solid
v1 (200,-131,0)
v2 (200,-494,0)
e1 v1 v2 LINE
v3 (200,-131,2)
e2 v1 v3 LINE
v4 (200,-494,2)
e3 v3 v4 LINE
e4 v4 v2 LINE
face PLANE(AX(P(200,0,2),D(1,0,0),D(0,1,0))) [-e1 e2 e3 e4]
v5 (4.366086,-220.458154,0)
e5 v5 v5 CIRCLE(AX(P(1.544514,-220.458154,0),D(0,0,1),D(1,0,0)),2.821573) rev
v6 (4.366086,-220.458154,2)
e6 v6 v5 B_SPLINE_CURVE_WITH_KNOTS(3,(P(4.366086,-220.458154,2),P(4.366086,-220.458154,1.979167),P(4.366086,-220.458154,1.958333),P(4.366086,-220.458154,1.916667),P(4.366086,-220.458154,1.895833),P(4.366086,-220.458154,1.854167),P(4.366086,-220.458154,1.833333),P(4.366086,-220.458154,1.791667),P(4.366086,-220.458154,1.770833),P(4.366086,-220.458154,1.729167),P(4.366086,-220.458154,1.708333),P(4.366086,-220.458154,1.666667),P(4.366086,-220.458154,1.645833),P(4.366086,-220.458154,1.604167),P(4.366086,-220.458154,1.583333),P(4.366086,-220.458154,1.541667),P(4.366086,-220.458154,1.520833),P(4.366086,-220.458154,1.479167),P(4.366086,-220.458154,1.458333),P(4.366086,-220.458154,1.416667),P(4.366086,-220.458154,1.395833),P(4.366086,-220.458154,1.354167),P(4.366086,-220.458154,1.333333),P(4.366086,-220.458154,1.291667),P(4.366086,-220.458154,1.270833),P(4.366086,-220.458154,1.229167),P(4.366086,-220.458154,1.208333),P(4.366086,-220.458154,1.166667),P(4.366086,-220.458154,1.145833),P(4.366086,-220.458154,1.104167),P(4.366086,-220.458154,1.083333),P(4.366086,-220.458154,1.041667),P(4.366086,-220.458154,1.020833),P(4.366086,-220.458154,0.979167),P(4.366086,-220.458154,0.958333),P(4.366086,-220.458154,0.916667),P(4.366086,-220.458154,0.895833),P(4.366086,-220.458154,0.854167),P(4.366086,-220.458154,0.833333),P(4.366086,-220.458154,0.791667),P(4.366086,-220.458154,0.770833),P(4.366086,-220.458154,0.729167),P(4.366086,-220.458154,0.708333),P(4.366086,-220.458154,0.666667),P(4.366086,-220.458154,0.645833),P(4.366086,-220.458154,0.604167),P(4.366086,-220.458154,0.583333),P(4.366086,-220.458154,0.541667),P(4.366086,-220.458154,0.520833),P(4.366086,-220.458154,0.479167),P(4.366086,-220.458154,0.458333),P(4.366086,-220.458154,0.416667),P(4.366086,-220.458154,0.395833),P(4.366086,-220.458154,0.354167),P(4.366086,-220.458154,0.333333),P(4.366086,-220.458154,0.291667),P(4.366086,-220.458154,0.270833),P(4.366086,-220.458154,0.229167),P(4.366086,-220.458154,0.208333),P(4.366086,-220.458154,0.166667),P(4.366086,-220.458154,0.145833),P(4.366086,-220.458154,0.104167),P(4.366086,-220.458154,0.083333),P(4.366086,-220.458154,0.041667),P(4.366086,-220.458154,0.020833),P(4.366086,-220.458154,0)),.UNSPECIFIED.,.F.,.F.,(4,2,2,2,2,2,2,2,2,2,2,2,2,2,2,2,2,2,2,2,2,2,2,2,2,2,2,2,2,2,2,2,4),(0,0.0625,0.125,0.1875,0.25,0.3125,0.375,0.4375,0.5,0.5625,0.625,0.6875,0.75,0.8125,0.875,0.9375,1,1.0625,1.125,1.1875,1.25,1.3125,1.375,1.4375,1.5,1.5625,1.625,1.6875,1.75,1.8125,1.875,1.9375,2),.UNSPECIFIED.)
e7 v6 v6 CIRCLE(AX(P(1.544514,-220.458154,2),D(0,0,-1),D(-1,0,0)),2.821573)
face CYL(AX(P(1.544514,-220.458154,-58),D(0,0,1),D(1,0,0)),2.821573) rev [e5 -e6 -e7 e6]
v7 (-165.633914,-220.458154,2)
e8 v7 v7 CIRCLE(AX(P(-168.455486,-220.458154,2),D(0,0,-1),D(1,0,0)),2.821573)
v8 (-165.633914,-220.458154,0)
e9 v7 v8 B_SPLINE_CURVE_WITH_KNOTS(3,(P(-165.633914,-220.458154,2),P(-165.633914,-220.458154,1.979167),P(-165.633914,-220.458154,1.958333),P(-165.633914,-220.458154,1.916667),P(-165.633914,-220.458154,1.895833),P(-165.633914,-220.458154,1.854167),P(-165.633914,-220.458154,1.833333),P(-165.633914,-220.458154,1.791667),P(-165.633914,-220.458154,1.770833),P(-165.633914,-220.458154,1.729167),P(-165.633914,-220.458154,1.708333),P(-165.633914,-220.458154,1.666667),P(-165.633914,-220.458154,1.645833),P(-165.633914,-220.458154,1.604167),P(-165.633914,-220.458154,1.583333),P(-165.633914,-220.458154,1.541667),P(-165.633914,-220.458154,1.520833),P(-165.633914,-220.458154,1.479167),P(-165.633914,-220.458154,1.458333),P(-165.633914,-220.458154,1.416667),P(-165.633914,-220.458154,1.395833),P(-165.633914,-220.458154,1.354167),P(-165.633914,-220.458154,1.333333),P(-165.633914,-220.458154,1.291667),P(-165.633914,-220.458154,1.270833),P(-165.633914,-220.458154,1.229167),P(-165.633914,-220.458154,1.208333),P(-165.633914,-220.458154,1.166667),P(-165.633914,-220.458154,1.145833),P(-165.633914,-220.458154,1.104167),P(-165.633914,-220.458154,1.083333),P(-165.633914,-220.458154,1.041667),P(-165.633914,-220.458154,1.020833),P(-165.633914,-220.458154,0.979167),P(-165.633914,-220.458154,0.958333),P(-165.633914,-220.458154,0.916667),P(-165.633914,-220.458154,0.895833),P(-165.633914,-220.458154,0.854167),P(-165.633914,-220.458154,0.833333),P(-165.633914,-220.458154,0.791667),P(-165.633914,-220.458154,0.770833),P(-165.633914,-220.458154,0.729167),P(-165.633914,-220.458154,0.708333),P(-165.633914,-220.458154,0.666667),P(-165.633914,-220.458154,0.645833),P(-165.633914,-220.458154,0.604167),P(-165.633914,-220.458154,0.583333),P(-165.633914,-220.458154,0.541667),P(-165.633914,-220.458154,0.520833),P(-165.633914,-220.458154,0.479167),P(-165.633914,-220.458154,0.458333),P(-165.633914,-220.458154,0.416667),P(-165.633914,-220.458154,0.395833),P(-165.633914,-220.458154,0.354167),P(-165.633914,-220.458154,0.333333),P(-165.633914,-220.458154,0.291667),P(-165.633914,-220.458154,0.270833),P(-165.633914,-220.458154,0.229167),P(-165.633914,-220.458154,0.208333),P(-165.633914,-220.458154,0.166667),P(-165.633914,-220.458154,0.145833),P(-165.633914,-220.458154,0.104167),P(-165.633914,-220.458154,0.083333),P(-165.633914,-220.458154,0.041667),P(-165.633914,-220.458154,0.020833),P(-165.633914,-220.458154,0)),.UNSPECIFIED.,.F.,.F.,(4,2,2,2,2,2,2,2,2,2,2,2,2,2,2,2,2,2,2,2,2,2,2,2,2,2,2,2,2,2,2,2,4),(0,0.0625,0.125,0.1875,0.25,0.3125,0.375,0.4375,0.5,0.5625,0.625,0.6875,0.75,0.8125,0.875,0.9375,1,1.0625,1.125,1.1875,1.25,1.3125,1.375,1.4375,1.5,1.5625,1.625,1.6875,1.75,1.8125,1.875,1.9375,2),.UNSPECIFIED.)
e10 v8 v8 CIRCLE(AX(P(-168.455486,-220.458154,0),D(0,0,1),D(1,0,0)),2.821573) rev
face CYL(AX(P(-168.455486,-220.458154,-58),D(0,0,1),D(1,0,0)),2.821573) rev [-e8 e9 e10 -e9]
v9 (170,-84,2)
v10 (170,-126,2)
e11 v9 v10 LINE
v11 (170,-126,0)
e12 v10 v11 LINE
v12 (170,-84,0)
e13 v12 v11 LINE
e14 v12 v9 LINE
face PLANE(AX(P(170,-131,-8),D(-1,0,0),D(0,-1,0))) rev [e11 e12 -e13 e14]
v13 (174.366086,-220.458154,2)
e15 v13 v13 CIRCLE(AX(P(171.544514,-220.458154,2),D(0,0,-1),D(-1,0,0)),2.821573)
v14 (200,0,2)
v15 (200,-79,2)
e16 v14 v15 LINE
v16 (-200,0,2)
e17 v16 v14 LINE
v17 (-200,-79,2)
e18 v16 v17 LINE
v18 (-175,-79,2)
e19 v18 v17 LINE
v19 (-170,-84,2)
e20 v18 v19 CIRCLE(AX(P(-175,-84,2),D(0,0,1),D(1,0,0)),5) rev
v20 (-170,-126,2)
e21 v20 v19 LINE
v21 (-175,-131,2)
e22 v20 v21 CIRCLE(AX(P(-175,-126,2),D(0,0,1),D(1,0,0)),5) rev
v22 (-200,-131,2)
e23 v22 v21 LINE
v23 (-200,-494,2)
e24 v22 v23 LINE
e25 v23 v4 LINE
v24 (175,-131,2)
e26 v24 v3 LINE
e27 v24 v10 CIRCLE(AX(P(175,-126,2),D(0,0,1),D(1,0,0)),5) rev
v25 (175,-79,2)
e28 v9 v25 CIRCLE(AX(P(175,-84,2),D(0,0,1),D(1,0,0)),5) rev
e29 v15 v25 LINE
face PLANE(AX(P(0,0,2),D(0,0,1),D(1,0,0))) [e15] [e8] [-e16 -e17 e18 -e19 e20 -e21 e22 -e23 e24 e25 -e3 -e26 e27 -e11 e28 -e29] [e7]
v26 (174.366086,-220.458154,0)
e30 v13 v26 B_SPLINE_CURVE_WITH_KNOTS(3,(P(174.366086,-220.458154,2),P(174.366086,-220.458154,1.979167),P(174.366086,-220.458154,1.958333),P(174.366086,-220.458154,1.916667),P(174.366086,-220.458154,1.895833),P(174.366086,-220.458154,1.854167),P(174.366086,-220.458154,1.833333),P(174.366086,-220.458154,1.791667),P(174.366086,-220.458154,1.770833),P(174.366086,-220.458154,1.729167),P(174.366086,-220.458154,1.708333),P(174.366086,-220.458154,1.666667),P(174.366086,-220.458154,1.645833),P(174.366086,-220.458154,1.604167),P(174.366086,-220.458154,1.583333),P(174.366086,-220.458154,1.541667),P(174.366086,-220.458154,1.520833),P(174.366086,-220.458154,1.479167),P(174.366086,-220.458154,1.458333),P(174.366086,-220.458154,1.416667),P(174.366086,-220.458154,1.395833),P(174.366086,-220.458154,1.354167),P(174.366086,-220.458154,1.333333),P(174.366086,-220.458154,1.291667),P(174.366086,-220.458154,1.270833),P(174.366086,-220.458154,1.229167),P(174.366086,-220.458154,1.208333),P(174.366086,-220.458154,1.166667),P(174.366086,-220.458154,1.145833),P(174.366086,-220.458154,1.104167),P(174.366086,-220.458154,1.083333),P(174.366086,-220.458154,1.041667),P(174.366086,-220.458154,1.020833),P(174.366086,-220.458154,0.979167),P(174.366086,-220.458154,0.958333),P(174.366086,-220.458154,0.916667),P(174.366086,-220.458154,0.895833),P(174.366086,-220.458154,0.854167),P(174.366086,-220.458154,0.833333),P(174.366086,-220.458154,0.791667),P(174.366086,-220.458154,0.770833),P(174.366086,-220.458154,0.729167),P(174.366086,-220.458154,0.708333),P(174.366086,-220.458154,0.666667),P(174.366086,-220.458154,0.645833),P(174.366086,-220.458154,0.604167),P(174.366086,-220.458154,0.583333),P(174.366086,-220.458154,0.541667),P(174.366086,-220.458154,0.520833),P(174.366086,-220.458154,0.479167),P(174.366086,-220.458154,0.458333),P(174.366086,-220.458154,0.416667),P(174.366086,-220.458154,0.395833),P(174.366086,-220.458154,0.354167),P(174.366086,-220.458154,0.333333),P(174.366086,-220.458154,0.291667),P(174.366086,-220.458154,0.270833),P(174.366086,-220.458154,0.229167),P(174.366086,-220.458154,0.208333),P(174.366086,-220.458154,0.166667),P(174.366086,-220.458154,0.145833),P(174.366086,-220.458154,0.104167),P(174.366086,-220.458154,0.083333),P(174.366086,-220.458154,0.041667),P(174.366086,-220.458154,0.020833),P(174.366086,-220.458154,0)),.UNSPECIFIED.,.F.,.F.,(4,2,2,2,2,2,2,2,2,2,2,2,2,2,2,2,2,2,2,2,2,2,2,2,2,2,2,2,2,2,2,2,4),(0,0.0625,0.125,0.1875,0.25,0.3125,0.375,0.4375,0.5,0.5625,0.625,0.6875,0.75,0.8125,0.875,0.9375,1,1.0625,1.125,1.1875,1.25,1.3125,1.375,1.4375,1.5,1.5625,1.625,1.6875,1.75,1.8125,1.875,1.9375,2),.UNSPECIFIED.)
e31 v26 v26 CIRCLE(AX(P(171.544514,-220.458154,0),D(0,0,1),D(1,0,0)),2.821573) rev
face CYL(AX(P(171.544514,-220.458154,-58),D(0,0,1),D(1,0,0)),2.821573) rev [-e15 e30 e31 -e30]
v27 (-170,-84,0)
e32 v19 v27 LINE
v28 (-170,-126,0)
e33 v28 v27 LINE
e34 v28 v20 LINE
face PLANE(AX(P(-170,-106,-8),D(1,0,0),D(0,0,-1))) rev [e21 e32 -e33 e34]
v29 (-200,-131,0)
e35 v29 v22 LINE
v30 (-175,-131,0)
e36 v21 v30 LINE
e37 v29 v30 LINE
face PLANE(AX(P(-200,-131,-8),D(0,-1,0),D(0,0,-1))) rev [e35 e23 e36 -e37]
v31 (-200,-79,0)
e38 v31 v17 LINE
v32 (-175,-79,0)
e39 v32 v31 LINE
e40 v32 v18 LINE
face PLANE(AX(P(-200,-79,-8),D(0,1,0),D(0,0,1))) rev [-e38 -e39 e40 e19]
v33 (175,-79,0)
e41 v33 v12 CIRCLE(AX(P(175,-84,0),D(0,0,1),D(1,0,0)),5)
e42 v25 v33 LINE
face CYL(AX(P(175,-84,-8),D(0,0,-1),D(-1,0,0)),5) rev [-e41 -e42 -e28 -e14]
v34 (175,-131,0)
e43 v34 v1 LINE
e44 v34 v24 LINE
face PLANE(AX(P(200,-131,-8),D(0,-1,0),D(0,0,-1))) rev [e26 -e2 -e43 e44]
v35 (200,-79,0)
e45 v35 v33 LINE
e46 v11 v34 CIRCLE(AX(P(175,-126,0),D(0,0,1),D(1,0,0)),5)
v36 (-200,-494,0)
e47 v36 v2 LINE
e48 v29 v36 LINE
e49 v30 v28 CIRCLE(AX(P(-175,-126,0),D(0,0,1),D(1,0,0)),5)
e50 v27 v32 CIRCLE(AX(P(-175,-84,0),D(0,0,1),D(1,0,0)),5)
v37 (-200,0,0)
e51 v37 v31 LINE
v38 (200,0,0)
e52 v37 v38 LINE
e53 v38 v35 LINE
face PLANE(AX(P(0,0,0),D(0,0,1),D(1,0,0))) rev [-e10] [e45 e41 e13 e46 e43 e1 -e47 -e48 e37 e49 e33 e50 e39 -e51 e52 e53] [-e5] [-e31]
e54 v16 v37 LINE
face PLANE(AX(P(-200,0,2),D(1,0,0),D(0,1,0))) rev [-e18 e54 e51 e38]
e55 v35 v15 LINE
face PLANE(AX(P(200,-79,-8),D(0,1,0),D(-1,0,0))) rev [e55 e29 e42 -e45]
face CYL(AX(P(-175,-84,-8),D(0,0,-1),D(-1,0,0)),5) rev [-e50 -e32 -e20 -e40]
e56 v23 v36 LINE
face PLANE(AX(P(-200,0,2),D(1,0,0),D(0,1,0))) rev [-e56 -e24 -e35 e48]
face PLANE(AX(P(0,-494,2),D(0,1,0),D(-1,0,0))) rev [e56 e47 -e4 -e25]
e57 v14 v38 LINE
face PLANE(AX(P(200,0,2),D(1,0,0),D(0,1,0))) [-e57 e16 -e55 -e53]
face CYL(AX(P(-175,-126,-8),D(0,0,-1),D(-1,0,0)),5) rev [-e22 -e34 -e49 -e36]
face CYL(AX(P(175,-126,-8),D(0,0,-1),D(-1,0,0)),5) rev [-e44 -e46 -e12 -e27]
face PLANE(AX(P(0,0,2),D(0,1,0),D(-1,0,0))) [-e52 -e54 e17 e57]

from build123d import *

# Parameters (mm, degrees)
SKETCH1_W           = 400
SKETCH1_H           = 494
BOSS_EXTRUDE1_DEPTH = 2
CUT_EXTRUDE3_DEPTH  = 10
FILLET1_R           = 5
SKETCH6_R           = 2.821572875
CUT_EXTRUDE4_DEPTH  = 60


with BuildPart() as part:
    # Sketch1 → Boss-Extrude1 (new body)
    with BuildSketch(Plane.XY):
        with Locations((0, -247)):
            Rectangle(SKETCH1_W, SKETCH1_H)
    extrude(amount=BOSS_EXTRUDE1_DEPTH)

    # Sketch5 → Cut-Extrude3 (cut)
    with BuildSketch(Plane.XY.offset(2)):
        Polygon((-200, -106), (-200, -79), (-170, -79), (-170, -106), (-170, -131), (-200, -131), align=None)
        Polygon((200, -131), (170, -131), (170, -106), (170, -79), (200, -79), (200, -106), align=None)
    extrude(amount=-CUT_EXTRUDE3_DEPTH, mode=Mode.SUBTRACT)

    # Fillet1
    fillet1_edges = [part.edges().sort_by_distance(p)[0] for p in [
        (-170, -79, 1),
        (-170, -131, 1),
        (170, -131, 1),
        (170, -79, 1),
    ]]
    fillet(fillet1_edges, radius=FILLET1_R)

    # Sketch6 → Cut-Extrude4 (cut)
    with BuildSketch(Plane(origin=(1.544513547, -237.458154074, 2), x_dir=(-1, 0, 0), z_dir=(0, 0, -1))):
        with Locations(Location((-170, 17, 0), (0, 0, 180))):
            Circle(SKETCH6_R)
        with Locations(Location((0, 17, 0), (0, 0, 180))):
            Circle(SKETCH6_R)
        with Locations(Location((170, 17, 0), (0, 0, 180))):
            Circle(SKETCH6_R)
    extrude(amount=CUT_EXTRUDE4_DEPTH, mode=Mode.SUBTRACT)


solid = part.part
